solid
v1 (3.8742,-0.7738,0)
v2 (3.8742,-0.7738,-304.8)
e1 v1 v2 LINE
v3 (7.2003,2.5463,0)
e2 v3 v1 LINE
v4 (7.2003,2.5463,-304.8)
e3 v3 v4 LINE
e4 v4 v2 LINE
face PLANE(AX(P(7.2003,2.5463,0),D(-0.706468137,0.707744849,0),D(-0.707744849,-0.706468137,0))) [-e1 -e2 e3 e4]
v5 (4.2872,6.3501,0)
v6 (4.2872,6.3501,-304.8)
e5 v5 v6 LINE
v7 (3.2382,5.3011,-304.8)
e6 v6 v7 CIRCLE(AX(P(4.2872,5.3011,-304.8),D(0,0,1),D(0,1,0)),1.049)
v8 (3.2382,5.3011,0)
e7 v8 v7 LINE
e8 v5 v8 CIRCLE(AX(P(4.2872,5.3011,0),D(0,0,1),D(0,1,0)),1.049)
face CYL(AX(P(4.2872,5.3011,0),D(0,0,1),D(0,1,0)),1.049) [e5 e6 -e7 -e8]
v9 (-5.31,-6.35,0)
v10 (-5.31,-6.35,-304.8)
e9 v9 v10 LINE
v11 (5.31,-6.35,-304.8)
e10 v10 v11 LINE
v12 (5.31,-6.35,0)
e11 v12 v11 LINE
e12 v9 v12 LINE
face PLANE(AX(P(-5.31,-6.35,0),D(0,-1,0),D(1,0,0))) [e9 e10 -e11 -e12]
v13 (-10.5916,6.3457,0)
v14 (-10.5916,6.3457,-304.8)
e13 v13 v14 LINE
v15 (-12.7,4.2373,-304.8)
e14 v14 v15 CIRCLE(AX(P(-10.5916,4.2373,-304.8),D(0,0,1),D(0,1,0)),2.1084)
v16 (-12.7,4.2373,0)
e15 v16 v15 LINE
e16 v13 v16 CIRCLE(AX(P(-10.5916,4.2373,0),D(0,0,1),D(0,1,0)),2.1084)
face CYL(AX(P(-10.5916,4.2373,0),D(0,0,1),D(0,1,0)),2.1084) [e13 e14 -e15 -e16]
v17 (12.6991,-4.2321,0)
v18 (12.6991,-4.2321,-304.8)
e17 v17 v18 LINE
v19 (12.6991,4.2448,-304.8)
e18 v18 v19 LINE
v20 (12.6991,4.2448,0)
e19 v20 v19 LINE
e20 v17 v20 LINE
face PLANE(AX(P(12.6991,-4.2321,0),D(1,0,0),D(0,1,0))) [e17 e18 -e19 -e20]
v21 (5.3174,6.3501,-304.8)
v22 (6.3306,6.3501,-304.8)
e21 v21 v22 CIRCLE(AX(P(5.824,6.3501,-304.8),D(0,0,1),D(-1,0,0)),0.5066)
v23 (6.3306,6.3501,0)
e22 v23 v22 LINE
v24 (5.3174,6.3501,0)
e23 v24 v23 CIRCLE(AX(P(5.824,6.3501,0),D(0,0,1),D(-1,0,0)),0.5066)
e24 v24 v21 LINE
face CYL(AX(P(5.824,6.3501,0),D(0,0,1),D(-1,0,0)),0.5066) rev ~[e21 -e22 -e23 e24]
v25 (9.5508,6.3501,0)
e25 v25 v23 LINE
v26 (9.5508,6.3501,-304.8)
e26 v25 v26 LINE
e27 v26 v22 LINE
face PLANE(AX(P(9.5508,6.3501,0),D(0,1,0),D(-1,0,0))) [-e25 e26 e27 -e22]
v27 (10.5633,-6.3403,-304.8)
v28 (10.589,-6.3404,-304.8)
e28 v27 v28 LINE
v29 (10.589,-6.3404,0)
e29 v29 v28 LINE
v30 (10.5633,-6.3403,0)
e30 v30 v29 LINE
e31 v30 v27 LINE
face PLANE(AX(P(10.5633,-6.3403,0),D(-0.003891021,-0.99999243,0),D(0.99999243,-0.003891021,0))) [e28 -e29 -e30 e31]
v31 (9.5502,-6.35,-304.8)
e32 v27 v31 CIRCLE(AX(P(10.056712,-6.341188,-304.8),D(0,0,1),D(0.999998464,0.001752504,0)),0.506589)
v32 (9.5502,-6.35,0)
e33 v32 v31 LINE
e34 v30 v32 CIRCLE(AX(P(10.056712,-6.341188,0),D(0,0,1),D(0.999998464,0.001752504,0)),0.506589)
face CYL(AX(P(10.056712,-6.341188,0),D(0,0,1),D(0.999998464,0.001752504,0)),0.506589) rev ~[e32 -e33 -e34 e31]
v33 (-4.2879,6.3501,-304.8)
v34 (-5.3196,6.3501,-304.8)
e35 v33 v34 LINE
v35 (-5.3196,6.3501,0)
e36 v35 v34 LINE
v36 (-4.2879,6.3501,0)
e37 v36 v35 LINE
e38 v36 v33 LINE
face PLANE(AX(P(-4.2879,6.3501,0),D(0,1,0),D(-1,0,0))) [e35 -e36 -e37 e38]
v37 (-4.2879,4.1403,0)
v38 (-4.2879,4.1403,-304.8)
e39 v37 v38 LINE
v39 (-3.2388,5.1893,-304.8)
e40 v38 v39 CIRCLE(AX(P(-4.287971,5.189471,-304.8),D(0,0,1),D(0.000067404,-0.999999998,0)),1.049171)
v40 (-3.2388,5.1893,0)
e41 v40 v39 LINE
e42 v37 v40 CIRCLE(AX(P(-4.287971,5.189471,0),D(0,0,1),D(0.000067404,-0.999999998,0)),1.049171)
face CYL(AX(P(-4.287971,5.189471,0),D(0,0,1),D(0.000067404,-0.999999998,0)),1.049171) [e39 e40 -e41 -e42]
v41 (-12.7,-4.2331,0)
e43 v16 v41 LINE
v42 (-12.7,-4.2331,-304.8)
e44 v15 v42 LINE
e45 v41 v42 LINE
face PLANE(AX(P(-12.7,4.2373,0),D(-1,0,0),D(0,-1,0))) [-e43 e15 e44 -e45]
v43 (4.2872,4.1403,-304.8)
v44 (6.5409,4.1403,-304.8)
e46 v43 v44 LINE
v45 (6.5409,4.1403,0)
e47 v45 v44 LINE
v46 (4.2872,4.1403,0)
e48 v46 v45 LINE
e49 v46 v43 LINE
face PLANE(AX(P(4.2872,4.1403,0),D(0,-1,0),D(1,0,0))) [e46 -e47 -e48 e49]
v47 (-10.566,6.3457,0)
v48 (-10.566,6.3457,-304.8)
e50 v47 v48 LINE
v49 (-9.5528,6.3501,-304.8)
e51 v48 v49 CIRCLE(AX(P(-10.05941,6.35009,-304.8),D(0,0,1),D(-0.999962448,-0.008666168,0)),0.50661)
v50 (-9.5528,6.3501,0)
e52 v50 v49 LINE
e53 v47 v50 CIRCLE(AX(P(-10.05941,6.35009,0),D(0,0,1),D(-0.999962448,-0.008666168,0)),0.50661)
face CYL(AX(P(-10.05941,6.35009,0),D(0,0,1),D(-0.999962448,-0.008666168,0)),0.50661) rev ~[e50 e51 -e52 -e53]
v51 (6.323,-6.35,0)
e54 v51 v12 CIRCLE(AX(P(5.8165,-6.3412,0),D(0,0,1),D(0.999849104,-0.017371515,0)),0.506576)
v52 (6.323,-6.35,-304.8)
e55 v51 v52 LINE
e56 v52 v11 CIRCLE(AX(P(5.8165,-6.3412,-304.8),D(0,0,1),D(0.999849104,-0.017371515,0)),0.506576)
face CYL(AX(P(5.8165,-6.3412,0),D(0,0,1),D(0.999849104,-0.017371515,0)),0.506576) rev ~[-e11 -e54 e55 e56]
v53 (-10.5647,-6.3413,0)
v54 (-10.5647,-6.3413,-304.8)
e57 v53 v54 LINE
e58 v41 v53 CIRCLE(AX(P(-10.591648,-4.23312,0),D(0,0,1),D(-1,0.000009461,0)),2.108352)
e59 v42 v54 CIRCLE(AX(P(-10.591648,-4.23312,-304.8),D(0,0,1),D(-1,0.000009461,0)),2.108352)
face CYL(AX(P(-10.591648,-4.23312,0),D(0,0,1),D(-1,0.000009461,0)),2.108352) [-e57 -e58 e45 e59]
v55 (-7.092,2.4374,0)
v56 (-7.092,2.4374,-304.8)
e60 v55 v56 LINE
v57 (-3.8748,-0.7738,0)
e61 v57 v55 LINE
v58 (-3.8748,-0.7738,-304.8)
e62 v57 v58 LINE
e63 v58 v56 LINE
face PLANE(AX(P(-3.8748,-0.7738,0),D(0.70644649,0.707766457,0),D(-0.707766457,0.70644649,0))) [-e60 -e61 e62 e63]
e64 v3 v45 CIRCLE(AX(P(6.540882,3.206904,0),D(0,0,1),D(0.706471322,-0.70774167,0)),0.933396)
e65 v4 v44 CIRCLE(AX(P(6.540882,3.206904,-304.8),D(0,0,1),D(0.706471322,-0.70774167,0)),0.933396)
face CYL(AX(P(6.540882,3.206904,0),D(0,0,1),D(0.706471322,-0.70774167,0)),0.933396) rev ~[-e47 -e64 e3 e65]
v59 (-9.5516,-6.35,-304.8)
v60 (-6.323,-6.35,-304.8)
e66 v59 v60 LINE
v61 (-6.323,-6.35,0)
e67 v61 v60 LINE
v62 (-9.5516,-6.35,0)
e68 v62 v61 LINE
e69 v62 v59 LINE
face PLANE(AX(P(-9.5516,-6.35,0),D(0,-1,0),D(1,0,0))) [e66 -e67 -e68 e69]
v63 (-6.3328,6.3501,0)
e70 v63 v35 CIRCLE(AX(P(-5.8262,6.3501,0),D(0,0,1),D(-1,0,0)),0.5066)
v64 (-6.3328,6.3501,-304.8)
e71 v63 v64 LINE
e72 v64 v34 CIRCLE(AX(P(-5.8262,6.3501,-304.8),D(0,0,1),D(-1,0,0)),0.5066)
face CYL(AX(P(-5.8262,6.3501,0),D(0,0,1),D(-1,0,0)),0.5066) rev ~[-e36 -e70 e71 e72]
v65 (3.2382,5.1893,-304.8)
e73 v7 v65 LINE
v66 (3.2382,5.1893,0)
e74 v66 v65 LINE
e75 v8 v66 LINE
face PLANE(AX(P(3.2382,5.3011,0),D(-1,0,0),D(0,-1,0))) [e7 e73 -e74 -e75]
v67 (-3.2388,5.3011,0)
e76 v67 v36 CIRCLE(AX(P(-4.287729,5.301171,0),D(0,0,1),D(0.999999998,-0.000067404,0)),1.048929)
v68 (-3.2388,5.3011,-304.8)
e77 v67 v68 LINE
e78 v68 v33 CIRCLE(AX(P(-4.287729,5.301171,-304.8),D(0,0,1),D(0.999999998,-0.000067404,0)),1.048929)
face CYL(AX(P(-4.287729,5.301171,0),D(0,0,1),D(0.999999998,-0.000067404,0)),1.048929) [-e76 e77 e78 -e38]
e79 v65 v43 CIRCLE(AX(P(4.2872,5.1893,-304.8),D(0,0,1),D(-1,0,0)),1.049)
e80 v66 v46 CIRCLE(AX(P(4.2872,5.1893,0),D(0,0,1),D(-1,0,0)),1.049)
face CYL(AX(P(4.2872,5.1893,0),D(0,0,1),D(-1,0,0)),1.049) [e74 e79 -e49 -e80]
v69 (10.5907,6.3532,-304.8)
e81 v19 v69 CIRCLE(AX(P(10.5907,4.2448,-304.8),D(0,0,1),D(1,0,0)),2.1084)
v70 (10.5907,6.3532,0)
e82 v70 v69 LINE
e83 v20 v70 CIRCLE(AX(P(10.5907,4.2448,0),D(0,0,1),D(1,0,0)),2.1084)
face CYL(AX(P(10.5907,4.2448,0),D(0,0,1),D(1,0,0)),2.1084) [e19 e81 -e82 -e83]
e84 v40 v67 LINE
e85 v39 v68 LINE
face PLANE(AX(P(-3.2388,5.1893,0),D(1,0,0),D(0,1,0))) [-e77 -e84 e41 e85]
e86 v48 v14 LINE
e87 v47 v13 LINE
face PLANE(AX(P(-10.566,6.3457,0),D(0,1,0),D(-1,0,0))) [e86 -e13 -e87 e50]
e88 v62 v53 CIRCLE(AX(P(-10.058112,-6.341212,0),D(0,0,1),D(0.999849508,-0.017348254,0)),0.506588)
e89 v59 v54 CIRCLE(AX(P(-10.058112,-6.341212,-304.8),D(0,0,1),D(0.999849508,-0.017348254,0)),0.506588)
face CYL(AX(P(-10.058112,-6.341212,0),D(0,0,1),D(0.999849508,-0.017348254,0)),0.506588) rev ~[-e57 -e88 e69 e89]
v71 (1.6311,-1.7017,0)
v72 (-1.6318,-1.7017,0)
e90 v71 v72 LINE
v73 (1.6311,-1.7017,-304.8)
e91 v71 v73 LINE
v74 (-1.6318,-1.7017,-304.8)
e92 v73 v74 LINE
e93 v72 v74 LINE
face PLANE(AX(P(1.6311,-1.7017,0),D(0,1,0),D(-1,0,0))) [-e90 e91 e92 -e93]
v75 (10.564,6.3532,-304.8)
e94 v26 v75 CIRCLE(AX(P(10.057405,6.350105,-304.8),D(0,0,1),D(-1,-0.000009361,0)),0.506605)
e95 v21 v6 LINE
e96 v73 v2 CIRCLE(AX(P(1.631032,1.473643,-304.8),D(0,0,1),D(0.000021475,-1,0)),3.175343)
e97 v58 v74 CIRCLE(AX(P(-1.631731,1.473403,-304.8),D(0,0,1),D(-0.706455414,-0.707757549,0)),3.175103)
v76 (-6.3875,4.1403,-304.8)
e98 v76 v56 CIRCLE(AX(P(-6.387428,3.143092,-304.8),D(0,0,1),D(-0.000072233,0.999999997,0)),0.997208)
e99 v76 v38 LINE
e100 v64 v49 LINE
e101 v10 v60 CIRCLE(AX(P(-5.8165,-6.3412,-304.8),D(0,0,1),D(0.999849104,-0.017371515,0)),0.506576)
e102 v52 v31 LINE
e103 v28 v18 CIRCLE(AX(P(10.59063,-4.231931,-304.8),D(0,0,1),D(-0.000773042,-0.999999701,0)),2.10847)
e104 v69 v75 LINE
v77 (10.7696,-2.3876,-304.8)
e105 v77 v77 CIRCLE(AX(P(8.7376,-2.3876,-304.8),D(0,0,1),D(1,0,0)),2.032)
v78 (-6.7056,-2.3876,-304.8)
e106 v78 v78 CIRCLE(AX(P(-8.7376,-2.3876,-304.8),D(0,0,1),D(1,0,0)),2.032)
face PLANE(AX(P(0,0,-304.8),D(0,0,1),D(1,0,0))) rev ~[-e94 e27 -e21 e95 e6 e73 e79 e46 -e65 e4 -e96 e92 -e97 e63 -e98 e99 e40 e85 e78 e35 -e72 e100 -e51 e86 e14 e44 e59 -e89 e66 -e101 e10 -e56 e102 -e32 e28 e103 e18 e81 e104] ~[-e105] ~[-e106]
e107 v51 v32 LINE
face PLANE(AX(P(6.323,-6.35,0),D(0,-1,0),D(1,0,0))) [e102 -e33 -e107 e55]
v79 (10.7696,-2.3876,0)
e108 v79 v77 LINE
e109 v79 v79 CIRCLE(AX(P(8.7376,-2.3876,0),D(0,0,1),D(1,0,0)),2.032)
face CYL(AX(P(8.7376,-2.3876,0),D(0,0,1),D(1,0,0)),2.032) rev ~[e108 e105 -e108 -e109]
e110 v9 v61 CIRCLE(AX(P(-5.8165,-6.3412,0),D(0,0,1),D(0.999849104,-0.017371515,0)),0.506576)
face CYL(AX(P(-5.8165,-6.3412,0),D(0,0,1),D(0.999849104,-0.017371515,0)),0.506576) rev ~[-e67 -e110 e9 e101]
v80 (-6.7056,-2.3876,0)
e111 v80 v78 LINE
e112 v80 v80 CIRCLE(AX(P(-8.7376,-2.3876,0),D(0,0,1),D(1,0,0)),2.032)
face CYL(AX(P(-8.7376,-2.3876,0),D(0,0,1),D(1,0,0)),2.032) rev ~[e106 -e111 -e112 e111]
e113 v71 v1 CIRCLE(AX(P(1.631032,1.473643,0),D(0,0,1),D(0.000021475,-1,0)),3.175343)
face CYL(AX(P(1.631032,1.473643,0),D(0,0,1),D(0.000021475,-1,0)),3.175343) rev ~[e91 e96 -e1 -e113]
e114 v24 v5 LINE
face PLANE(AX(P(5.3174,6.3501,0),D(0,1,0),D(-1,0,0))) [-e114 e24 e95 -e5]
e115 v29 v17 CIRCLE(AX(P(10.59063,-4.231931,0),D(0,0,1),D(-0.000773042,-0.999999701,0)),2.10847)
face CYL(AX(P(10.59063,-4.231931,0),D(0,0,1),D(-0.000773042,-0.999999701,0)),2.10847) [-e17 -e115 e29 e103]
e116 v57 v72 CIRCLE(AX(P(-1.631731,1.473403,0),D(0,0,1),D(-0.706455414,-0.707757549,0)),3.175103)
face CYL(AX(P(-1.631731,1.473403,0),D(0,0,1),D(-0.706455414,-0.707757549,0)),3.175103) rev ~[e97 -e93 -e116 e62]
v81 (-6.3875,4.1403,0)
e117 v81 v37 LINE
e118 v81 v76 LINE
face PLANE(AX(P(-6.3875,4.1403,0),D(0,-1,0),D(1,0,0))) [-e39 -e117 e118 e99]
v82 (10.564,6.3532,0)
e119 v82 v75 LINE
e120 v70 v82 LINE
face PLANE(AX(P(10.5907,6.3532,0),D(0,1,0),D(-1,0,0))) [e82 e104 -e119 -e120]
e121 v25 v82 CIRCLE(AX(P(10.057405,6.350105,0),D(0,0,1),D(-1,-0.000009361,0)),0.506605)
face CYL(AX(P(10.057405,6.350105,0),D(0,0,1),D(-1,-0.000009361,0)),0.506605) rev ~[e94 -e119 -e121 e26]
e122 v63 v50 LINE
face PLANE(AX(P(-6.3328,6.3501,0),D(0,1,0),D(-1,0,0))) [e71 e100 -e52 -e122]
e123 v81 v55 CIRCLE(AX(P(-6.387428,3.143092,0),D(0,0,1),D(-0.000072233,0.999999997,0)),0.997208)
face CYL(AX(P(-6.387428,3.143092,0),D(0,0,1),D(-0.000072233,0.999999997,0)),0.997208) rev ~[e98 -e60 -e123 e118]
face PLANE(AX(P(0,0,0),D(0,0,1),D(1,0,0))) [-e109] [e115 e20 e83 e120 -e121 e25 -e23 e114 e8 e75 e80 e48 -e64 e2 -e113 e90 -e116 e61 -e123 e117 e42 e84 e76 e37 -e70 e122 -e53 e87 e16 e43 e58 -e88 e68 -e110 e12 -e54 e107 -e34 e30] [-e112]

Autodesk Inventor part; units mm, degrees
ref_plane "YZ Plane" through (0, 0, 0) normal (1, 0, 0) x (0, 1, 0)
ref_plane "XZ Plane" through (0, 0, 0) normal (0, 1, 0) x (-1, 0, 0)
ref_plane "XY Plane" through (0, 0, 0) normal (0, 0, 1) x (1, 0, 0)
sketch "Sketch1" plane through (0, 0, 0) normal (0, 0, 1) x (1, 0, 0)
  circle A0 centre (8.7376, -2.3876) radius 2.032
  circle A1 centre (-8.7376, -2.3876) radius 2.032
  arc A2 (9.5508, 6.3501) -> (10.564, 6.3532) centre (10.0574, 6.3501) ccw
  line L0 (9.5508, 6.3501) -> (6.3306, 6.3501)
  arc A3 (5.3174, 6.3501) -> (6.3306, 6.3501) centre (5.824, 6.3501) ccw
  line L1 (5.3174, 6.3501) -> (4.2872, 6.3501)
  arc A4 (4.2872, 6.3501) -> (3.2382, 5.3011) centre (4.2872, 5.3011) ccw
  line L2 (3.2382, 5.3011) -> (3.2382, 5.1893)
  arc A5 (3.2382, 5.1893) -> (4.2872, 4.1403) centre (4.2872, 5.1893) ccw
  line L3 (4.2872, 4.1403) -> (6.5409, 4.1403)
  arc A6 (7.2003, 2.5463) -> (6.5409, 4.1403) centre (6.5409, 3.2069) ccw
  line L4 (7.2003, 2.5463) -> (3.8742, -0.7738)
  arc A7 (1.6311, -1.7017) -> (3.8742, -0.7738) centre (1.6311, 1.4733) ccw
  line L5 (1.6311, -1.7017) -> (-1.6318, -1.7017)
  arc A8 (-3.8748, -0.7738) -> (-1.6318, -1.7017) centre (-1.6318, 1.4733) ccw
  line L6 (-3.8748, -0.7738) -> (-7.092, 2.4374)
  arc A9 (-6.3875, 4.1403) -> (-7.092, 2.4374) centre (-6.3875, 3.1432) ccw
  line L7 (-6.3875, 4.1403) -> (-4.2879, 4.1403)
  arc A10 (-4.2879, 4.1403) -> (-3.2388, 5.1893) centre (-4.2879, 5.1893) ccw
  line L8 (-3.2388, 5.1893) -> (-3.2388, 5.3011)
  arc A11 (-3.2388, 5.3011) -> (-4.2879, 6.3501) centre (-4.2879, 5.3011) ccw
  line L9 (-4.2879, 6.3501) -> (-5.3196, 6.3501)
  arc A12 (-6.3328, 6.3501) -> (-5.3196, 6.3501) centre (-5.8262, 6.3501) ccw
  line L10 (-6.3328, 6.3501) -> (-9.5528, 6.3501)
  arc A13 (-10.566, 6.3457) -> (-9.5528, 6.3501) centre (-10.0594, 6.3501) ccw
  line L11 (-10.566, 6.3457) -> (-10.5916, 6.3457)
  arc A14 (-10.5916, 6.3457) -> (-12.7, 4.2373) centre (-10.5916, 4.2373) ccw
  line L12 (-12.7, 4.2373) -> (-12.7, -4.2331)
  arc A15 (-12.7, -4.2331) -> (-10.5647, -6.3413) centre (-10.5916, -4.2331) ccw
  arc A16 (-9.5516, -6.35) -> (-10.5647, -6.3413) centre (-10.0581, -6.3412) ccw
  line L13 (-9.5516, -6.35) -> (-6.323, -6.35)
  arc A17 (-5.31, -6.35) -> (-6.323, -6.35) centre (-5.8165, -6.3412) ccw
  line L14 (-5.31, -6.35) -> (5.31, -6.35)
  arc A18 (6.323, -6.35) -> (5.31, -6.35) centre (5.8165, -6.3412) ccw
  line L15 (6.323, -6.35) -> (9.5502, -6.35)
  arc A19 (10.5633, -6.3403) -> (9.5502, -6.35) centre (10.0567, -6.3412) ccw
  line L16 (10.5633, -6.3403) -> (10.589, -6.3404)
  arc A20 (10.589, -6.3404) -> (12.6991, -4.2321) centre (10.5907, -4.2321) ccw
  line L17 (12.6991, -4.2321) -> (12.6991, 4.2448)
  arc A21 (12.6991, 4.2448) -> (10.5907, 6.3532) centre (10.5907, 4.2448) ccw
  line L18 (10.5907, 6.3532) -> (10.564, 6.3532)
  point P0 (0, 0)
extrude "Extrusion1" add sketch "Sketch1" against normal blind 304.8
properties part number "1050"
